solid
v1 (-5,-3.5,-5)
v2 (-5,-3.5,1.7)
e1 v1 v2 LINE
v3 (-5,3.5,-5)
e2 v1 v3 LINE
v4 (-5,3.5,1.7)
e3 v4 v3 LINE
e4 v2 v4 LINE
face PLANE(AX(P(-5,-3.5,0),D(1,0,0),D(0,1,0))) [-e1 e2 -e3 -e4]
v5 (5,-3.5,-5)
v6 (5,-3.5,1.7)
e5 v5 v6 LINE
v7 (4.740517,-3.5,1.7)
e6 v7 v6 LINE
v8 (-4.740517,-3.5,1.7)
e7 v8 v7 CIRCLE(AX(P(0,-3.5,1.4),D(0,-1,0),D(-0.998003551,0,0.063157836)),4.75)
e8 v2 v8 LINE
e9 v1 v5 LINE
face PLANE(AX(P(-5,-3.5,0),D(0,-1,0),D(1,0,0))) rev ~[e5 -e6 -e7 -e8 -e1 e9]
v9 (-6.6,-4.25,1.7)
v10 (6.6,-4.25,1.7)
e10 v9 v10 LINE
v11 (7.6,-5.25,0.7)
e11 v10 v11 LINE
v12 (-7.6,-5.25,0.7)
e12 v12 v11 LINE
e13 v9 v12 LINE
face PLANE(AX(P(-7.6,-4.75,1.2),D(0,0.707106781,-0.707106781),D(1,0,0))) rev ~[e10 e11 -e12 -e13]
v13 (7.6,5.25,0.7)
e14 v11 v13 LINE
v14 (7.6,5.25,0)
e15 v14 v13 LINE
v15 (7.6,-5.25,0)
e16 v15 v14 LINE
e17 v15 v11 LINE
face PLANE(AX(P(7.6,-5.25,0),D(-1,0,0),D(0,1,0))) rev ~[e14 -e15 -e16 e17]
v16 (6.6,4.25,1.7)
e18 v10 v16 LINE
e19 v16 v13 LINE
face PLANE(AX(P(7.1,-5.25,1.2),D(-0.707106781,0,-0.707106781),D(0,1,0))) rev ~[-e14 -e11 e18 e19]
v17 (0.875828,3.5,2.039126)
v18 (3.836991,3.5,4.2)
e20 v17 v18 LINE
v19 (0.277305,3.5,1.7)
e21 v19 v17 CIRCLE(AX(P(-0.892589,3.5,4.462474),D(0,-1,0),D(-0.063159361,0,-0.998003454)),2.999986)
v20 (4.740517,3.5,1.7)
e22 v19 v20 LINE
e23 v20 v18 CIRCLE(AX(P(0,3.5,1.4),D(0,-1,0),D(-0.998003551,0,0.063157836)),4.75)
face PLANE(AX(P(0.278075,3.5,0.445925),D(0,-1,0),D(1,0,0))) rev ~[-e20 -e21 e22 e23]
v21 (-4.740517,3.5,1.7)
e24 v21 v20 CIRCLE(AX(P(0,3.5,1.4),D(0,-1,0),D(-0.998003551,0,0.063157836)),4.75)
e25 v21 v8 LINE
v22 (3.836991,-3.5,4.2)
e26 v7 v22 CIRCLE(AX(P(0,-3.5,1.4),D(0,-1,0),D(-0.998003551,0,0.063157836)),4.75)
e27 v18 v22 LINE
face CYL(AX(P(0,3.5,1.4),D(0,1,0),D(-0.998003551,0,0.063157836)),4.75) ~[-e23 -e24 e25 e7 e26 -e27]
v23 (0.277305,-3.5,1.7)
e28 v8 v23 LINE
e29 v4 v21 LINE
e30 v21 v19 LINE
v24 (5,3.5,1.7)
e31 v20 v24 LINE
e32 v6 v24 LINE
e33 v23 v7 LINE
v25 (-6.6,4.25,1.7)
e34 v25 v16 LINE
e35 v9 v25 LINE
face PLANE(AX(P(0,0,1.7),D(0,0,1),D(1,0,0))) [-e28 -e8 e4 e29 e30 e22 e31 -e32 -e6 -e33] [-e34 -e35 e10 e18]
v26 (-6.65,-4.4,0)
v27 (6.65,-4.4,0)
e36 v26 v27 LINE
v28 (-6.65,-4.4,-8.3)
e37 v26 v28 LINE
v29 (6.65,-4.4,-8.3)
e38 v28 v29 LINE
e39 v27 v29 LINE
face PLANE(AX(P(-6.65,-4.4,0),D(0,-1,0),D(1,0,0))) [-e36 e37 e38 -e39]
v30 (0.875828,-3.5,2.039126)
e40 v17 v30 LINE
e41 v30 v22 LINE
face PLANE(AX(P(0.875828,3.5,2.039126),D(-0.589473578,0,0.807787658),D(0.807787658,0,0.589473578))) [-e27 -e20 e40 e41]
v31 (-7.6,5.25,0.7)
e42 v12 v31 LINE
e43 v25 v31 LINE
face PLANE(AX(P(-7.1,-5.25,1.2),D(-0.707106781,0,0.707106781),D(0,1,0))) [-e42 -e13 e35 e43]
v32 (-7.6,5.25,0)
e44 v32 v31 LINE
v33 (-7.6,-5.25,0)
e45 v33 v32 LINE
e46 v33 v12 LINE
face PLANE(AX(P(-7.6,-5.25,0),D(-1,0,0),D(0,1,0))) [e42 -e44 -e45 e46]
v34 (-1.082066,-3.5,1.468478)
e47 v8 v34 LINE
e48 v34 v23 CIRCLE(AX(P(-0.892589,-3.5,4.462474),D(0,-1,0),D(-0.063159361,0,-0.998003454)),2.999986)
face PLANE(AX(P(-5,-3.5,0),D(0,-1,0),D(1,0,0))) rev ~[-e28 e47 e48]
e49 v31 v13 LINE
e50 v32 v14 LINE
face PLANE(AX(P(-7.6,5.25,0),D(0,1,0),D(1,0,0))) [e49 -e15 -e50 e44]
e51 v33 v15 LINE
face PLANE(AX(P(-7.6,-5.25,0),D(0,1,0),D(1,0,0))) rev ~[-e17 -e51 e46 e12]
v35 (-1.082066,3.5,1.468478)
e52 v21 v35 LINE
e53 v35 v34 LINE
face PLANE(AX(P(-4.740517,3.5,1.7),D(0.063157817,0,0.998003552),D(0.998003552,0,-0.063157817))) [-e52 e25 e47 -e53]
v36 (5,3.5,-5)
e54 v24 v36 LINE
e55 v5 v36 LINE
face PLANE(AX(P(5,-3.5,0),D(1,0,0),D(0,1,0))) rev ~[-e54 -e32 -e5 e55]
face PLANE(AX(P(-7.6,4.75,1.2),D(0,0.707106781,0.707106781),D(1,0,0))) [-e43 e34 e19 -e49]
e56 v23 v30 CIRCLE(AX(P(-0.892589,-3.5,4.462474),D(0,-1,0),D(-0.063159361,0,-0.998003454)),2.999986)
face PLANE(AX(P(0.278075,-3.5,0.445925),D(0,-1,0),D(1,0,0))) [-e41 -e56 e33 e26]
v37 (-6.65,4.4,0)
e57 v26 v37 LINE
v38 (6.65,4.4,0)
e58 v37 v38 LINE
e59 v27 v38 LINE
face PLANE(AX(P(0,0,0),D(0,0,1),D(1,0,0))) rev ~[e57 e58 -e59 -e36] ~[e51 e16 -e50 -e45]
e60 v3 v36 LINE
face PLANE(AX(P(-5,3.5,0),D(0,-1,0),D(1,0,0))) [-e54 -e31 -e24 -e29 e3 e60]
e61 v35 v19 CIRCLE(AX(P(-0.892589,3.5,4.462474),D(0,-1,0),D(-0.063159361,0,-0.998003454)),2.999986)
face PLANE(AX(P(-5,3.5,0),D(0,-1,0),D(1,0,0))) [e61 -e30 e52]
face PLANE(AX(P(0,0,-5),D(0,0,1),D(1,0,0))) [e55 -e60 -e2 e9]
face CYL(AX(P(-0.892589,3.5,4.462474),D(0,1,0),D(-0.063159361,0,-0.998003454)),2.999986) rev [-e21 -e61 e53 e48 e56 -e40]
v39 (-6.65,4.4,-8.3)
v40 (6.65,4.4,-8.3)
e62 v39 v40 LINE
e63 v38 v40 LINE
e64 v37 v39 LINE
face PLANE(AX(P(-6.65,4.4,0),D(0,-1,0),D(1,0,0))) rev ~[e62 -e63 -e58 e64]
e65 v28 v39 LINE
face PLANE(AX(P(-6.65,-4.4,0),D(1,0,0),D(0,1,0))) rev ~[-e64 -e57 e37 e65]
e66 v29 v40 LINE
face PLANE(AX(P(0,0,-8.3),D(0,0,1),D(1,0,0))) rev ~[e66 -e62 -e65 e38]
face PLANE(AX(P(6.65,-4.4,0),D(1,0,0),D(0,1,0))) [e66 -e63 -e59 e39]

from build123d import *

# Parameters (mm, degrees)
SKETCH_W     = 15.2
SKETCH_H     = 10.5
PAD_DEPTH    = 1.7
SKETCH001_W  = 13.3
SKETCH001_H  = 8.8
PAD001_DEPTH = 8.3
SKETCH002_W  = 10
SKETCH002_H  = 7
POCKET_DEPTH = 5
PAD002_DEPTH = 7
CHAMFER_SIZE = 1


with BuildPart() as part:
    # Sketch → Pad (new body)
    with BuildSketch(Plane.XY):
        Rectangle(SKETCH_W, SKETCH_H)
    extrude(amount=PAD_DEPTH)

    # Sketch001 → Pad001 (join)
    with BuildSketch(Plane.XY):
        Rectangle(SKETCH001_W, SKETCH001_H)
    extrude(amount=-PAD001_DEPTH)

    # Sketch002 → Pocket (cut, symmetric)
    with BuildSketch(Plane.XY):
        Rectangle(SKETCH002_W, SKETCH002_H)
    extrude(amount=POCKET_DEPTH, both=True, mode=Mode.SUBTRACT)

    # Sketch003 (on Face14 of Pocket) → Pad002 (join)
    with BuildSketch(Plane.XZ.offset(-3.5)):
        with BuildLine():
            ThreePointArc((-4.740517, 1.7), (1.329131, -3.160253), (3.836991, 4.2))
            Line((0.875828, 2.039126), (3.836991, 4.2))
            ThreePointArc((-1.082066, 1.468478), (-0.053141, 1.582328), (0.875828, 2.039126))
            Line((-4.740517, 1.7), (-1.082066, 1.468478))
        make_face()
    extrude(amount=PAD002_DEPTH)

    # Chamfer
    chamfer_edges = [part.edges().sort_by_distance(p)[0] for p in [
        (-7.6, 0, 1.7),
        (0, 5.25, 1.7),
        (7.6, 0, 1.7),
        (0, -5.25, 1.7),
    ]]
    chamfer(chamfer_edges, length=CHAMFER_SIZE)


solid = part.part
